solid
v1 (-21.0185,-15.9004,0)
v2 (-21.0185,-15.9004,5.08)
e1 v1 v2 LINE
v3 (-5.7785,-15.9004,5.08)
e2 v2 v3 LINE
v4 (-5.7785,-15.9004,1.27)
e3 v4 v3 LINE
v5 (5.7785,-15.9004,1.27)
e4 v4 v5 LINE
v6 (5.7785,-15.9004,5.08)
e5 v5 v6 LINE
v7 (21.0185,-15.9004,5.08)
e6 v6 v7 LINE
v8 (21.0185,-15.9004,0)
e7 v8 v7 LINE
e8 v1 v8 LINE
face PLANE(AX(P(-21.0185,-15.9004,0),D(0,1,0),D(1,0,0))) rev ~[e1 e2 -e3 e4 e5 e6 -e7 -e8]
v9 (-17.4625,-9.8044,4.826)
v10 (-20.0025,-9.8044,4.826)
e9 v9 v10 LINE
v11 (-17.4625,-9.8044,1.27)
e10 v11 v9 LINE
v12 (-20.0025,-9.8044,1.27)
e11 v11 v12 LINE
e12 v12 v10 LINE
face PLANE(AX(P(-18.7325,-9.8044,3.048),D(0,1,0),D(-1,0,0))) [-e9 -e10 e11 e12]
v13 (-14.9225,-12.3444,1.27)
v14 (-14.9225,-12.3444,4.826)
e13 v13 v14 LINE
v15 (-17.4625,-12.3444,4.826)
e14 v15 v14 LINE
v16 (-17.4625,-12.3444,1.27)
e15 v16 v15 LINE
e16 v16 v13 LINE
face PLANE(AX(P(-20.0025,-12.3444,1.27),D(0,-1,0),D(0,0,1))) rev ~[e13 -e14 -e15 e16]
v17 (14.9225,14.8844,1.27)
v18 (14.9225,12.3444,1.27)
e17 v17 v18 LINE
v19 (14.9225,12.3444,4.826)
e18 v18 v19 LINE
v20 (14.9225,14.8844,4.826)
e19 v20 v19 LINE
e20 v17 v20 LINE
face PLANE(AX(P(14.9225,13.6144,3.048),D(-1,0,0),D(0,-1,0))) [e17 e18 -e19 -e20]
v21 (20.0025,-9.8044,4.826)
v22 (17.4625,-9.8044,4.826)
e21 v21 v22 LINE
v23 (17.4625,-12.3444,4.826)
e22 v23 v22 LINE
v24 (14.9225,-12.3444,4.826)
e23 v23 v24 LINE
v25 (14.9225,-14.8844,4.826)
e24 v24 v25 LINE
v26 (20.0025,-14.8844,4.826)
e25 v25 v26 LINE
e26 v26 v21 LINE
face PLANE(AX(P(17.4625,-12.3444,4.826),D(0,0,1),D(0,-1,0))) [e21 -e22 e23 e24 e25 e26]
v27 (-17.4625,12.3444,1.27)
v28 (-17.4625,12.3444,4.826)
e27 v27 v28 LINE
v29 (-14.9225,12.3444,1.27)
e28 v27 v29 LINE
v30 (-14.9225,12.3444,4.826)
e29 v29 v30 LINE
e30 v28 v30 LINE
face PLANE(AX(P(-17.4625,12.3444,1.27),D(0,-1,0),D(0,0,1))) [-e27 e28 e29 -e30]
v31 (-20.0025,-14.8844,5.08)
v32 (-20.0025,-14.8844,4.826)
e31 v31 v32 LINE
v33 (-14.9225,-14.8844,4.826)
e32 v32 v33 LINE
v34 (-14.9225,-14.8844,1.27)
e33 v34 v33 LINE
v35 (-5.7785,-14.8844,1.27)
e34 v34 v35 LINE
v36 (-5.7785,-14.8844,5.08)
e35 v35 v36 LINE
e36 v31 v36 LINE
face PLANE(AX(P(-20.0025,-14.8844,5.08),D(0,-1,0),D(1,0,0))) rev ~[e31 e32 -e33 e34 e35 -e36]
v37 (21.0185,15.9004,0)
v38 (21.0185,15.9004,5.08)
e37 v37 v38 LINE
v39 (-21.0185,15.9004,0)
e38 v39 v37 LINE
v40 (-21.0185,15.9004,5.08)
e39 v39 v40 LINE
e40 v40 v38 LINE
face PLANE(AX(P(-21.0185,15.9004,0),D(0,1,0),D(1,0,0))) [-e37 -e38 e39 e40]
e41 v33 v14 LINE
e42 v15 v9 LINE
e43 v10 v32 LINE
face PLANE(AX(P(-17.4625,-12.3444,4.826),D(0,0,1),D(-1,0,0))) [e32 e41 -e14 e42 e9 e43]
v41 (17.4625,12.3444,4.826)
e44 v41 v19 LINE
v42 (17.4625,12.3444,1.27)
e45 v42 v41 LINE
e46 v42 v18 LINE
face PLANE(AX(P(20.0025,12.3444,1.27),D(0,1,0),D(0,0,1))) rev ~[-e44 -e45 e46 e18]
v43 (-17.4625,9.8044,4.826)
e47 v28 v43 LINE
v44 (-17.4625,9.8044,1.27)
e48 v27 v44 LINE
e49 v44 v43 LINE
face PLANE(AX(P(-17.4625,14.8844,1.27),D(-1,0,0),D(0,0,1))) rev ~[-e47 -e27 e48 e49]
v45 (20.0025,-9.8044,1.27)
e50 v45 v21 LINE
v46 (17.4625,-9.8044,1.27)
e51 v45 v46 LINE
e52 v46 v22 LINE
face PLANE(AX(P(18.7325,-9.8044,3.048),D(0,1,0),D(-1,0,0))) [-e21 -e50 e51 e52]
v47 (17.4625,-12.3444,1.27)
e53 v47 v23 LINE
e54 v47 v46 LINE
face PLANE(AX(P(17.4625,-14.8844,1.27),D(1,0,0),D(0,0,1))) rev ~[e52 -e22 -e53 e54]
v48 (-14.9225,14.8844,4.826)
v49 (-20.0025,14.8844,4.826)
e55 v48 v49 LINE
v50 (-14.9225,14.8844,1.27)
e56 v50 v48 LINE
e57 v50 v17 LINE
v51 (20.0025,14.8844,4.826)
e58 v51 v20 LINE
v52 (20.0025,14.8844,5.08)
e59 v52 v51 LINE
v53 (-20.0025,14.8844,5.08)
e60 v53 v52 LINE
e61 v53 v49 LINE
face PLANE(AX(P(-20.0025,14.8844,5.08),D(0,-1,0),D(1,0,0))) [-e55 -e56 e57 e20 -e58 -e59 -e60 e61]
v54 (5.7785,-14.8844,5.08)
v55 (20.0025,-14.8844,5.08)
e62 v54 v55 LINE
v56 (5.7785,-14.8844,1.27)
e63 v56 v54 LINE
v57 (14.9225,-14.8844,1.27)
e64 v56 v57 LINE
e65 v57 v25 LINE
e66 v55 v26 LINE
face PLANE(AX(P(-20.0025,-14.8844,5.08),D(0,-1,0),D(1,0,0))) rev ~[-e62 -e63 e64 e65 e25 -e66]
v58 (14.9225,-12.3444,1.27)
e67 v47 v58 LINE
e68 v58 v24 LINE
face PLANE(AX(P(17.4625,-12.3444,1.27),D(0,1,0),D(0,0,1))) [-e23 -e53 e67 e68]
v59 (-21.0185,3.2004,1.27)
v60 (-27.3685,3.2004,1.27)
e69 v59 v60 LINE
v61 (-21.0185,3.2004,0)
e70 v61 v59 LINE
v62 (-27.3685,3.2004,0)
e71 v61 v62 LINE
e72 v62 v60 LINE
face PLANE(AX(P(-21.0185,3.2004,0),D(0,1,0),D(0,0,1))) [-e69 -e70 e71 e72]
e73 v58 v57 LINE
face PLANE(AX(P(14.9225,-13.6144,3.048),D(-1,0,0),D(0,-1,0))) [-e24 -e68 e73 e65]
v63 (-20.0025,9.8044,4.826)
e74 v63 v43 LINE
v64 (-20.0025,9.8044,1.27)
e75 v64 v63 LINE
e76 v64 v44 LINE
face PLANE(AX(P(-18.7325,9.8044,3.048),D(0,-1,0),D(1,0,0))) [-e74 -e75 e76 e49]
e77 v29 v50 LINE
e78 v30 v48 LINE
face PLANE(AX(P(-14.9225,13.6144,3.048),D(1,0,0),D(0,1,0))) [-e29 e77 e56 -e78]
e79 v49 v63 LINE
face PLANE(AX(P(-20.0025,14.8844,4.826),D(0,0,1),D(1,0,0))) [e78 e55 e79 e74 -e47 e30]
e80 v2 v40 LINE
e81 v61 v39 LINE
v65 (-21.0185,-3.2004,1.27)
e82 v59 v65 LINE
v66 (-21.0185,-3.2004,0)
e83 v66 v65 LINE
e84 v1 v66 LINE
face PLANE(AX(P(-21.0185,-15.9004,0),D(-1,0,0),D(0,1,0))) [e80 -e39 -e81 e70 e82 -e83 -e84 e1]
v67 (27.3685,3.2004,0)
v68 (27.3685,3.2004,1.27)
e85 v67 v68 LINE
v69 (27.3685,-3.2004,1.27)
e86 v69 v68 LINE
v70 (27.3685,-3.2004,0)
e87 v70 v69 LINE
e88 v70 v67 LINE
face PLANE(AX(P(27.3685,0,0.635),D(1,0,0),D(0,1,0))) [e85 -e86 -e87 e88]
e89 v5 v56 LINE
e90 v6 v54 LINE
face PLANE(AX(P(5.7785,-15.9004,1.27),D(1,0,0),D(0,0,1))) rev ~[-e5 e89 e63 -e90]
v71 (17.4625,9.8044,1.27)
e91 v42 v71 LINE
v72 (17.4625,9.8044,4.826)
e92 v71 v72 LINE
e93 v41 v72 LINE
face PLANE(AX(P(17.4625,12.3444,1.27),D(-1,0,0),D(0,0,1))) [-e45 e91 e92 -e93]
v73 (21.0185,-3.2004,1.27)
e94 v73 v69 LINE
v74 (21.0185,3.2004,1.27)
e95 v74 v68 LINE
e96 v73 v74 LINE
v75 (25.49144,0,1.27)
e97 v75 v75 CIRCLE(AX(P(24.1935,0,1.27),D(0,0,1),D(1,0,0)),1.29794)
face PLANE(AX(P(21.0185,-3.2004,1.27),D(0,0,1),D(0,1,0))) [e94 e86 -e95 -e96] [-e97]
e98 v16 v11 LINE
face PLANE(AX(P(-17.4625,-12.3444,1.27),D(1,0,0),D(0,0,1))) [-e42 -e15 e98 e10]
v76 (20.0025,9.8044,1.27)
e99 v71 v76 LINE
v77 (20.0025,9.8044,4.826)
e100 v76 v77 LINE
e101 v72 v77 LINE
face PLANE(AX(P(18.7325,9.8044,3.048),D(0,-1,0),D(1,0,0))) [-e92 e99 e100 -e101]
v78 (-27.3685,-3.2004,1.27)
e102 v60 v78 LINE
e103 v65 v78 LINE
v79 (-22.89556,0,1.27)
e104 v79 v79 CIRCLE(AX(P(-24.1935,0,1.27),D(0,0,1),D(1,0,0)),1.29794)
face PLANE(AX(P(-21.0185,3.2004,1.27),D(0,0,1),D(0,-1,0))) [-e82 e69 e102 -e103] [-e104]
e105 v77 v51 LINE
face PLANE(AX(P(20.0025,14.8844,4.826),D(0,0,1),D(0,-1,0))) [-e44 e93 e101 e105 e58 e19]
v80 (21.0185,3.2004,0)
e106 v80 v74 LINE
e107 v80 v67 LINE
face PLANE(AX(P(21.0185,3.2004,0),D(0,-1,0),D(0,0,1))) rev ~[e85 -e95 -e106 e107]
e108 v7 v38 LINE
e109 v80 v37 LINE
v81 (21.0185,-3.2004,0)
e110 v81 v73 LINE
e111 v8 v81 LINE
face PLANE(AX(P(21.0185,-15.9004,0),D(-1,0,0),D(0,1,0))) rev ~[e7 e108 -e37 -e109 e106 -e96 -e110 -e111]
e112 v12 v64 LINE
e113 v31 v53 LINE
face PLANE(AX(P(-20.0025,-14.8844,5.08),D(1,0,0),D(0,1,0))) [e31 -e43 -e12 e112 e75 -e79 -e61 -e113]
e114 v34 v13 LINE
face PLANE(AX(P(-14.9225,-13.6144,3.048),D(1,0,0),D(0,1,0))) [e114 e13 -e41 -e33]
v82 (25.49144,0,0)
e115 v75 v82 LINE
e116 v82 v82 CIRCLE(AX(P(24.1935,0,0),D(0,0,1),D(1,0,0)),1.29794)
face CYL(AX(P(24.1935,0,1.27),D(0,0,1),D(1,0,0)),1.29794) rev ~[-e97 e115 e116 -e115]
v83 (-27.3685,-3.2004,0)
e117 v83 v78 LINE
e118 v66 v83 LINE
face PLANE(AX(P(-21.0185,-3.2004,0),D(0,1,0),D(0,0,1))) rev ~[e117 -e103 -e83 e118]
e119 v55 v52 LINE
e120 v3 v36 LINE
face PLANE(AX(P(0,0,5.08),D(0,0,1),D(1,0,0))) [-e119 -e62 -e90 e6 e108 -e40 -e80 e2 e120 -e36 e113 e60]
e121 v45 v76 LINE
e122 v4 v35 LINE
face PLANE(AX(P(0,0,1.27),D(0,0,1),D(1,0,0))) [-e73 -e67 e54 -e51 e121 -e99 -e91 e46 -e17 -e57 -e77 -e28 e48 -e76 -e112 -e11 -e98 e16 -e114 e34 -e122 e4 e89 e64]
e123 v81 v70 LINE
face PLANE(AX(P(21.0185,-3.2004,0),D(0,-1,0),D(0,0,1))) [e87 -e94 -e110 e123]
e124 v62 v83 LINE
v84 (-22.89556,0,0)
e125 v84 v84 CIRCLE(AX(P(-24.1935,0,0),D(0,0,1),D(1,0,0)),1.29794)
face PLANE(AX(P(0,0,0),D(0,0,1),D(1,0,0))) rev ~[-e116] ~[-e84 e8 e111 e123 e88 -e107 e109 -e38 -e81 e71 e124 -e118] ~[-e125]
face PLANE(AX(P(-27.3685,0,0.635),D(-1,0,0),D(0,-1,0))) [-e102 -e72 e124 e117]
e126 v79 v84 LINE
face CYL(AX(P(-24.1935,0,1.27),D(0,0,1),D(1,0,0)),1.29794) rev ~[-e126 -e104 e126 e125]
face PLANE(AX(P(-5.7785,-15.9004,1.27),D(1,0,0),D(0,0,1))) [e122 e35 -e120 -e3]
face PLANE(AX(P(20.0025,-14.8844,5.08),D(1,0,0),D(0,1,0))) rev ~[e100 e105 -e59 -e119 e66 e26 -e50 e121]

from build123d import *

# Parameters (mm, degrees)
F0_W      = 42.037
F0_H      = 31.8008
F1_DEPTH  = 5.08
F2_W      = 40.005
F2_H      = 29.7688
F3_DEPTH  = 3.81
F4_W      = 2.54
F4_H      = 3.556
F5_DEPTH  = 5.08
F6_W      = 2.54
F6_H      = 3.556
F7_DEPTH  = 2.54
F8_W      = 2.54
F8_H      = 3.556
F9_DEPTH  = 5.08
F10_W     = 2.54
F10_H     = 3.556
F11_DEPTH = 2.54
F12_W     = 2.54
F12_H     = 3.556
F13_DEPTH = 5.08
F14_W     = 2.54
F14_H     = 3.556
F15_DEPTH = 2.54
F16_W     = 2.54
F16_H     = 3.556
F17_DEPTH = 5.08
F18_W     = 2.54
F18_H     = 3.556
F19_DEPTH = 2.54
F20_W     = 11.557
F20_H     = 3.81
F21_DEPTH = 1.016
F22_W     = 6.4008
F22_H     = 1.27
F23_DEPTH = 6.35
F24_W     = 6.4008
F24_H     = 1.27
F25_DEPTH = 6.35
F26_R     = 1.29794
F27_DEPTH = 1.271
F28_R     = 1.29794
F29_DEPTH = 1.27


with BuildPart() as f1:
    # F0 (on Top) → F1 (new body)
    with BuildSketch(Plane.XY):
        Rectangle(F0_W, F0_H)
    extrude(amount=F1_DEPTH)

    # F2 (on face) → F3 (cut)
    with BuildSketch(Plane.XY.offset(5.08)):
        Rectangle(F2_W, F2_H)
    extrude(amount=-F3_DEPTH, mode=Mode.SUBTRACT)

    # F4 (on face) → F5 (join)
    with BuildSketch(Plane(origin=(0, -14.8844, 0), x_dir=(-1, 0, 0), z_dir=(0, 1, 0))):
        with Locations((-18.7325, 3.048)):
            Rectangle(F4_W, F4_H)
    extrude(amount=F5_DEPTH)

    # F6 (on face) → F7 (join)
    with BuildSketch(Plane.YZ.offset(-17.4625)):
        with Locations((13.6144, 3.048)):
            Rectangle(F6_W, F6_H)
    extrude(amount=F7_DEPTH)

    # F8 (on face) → F9 (join)
    with BuildSketch(Plane.YZ.offset(-20.0025)):
        with Locations((-13.6144, 3.048)):
            Rectangle(F8_W, F8_H)
    extrude(amount=F9_DEPTH)

    # F10 (on face) → F11 (join)
    with BuildSketch(Plane.XZ.offset(-12.3444)):
        with Locations((18.7325, 3.048)):
            Rectangle(F10_W, F10_H)
    extrude(amount=F11_DEPTH)

    # F12 (on face) → F13 (join)
    with BuildSketch(Plane.XZ.offset(-14.8844)):
        with Locations((-18.7325, 3.048)):
            Rectangle(F12_W, F12_H)
    extrude(amount=F13_DEPTH)

    # F14 (on face) → F15 (join)
    with BuildSketch(Plane(origin=(17.4625, 0, 0), x_dir=(0, -1, 0), z_dir=(-1, 0, 0))):
        with Locations((13.6144, 3.048)):
            Rectangle(F14_W, F14_H)
    extrude(amount=F15_DEPTH)

    # F16 (on face) → F17 (join)
    with BuildSketch(Plane(origin=(20.0025, 0, 0), x_dir=(0, -1, 0), z_dir=(-1, 0, 0))):
        with Locations((-13.6144, 3.048)):
            Rectangle(F16_W, F16_H)
    extrude(amount=F17_DEPTH)

    # F18 (on face) → F19 (join)
    with BuildSketch(Plane(origin=(0, -12.3444, 0), x_dir=(-1, 0, 0), z_dir=(0, 1, 0))):
        with Locations((18.7325, 3.048)):
            Rectangle(F18_W, F18_H)
    extrude(amount=F19_DEPTH)

    # F20 (on face) → F21 (cut, through all)
    with BuildSketch(Plane.XZ.offset(15.9004)):
        with Locations((0, 3.175)):
            Rectangle(F20_W, F20_H)
    extrude(amount=-F21_DEPTH, mode=Mode.SUBTRACT)

    # F22 (on face) → F23 (join)
    with BuildSketch(Plane.YZ.offset(21.0185)):
        with Locations((0, 0.635)):
            Rectangle(F22_W, F22_H)
    extrude(amount=F23_DEPTH)

    # F24 (on face) → F25 (join)
    with BuildSketch(Plane(origin=(-21.0185, 0, 0), x_dir=(0, -1, 0), z_dir=(-1, 0, 0))):
        with Locations((0, 0.635)):
            Rectangle(F24_W, F24_H)
    extrude(amount=F25_DEPTH)

    # F26 (on face) → F27 (cut, through all)
    with BuildSketch(Plane.XY.offset(1.27)):
        with Locations((24.1935, 0)):
            Circle(F26_R)
    extrude(amount=-F27_DEPTH, mode=Mode.SUBTRACT)

    # F28 (on face) → F29 (cut, through all)
    with BuildSketch(Plane.XY.offset(1.27)):
        with Locations((-24.1935, 0)):
            Circle(F28_R)
    extrude(amount=-F29_DEPTH, mode=Mode.SUBTRACT)


solid = f1.part
